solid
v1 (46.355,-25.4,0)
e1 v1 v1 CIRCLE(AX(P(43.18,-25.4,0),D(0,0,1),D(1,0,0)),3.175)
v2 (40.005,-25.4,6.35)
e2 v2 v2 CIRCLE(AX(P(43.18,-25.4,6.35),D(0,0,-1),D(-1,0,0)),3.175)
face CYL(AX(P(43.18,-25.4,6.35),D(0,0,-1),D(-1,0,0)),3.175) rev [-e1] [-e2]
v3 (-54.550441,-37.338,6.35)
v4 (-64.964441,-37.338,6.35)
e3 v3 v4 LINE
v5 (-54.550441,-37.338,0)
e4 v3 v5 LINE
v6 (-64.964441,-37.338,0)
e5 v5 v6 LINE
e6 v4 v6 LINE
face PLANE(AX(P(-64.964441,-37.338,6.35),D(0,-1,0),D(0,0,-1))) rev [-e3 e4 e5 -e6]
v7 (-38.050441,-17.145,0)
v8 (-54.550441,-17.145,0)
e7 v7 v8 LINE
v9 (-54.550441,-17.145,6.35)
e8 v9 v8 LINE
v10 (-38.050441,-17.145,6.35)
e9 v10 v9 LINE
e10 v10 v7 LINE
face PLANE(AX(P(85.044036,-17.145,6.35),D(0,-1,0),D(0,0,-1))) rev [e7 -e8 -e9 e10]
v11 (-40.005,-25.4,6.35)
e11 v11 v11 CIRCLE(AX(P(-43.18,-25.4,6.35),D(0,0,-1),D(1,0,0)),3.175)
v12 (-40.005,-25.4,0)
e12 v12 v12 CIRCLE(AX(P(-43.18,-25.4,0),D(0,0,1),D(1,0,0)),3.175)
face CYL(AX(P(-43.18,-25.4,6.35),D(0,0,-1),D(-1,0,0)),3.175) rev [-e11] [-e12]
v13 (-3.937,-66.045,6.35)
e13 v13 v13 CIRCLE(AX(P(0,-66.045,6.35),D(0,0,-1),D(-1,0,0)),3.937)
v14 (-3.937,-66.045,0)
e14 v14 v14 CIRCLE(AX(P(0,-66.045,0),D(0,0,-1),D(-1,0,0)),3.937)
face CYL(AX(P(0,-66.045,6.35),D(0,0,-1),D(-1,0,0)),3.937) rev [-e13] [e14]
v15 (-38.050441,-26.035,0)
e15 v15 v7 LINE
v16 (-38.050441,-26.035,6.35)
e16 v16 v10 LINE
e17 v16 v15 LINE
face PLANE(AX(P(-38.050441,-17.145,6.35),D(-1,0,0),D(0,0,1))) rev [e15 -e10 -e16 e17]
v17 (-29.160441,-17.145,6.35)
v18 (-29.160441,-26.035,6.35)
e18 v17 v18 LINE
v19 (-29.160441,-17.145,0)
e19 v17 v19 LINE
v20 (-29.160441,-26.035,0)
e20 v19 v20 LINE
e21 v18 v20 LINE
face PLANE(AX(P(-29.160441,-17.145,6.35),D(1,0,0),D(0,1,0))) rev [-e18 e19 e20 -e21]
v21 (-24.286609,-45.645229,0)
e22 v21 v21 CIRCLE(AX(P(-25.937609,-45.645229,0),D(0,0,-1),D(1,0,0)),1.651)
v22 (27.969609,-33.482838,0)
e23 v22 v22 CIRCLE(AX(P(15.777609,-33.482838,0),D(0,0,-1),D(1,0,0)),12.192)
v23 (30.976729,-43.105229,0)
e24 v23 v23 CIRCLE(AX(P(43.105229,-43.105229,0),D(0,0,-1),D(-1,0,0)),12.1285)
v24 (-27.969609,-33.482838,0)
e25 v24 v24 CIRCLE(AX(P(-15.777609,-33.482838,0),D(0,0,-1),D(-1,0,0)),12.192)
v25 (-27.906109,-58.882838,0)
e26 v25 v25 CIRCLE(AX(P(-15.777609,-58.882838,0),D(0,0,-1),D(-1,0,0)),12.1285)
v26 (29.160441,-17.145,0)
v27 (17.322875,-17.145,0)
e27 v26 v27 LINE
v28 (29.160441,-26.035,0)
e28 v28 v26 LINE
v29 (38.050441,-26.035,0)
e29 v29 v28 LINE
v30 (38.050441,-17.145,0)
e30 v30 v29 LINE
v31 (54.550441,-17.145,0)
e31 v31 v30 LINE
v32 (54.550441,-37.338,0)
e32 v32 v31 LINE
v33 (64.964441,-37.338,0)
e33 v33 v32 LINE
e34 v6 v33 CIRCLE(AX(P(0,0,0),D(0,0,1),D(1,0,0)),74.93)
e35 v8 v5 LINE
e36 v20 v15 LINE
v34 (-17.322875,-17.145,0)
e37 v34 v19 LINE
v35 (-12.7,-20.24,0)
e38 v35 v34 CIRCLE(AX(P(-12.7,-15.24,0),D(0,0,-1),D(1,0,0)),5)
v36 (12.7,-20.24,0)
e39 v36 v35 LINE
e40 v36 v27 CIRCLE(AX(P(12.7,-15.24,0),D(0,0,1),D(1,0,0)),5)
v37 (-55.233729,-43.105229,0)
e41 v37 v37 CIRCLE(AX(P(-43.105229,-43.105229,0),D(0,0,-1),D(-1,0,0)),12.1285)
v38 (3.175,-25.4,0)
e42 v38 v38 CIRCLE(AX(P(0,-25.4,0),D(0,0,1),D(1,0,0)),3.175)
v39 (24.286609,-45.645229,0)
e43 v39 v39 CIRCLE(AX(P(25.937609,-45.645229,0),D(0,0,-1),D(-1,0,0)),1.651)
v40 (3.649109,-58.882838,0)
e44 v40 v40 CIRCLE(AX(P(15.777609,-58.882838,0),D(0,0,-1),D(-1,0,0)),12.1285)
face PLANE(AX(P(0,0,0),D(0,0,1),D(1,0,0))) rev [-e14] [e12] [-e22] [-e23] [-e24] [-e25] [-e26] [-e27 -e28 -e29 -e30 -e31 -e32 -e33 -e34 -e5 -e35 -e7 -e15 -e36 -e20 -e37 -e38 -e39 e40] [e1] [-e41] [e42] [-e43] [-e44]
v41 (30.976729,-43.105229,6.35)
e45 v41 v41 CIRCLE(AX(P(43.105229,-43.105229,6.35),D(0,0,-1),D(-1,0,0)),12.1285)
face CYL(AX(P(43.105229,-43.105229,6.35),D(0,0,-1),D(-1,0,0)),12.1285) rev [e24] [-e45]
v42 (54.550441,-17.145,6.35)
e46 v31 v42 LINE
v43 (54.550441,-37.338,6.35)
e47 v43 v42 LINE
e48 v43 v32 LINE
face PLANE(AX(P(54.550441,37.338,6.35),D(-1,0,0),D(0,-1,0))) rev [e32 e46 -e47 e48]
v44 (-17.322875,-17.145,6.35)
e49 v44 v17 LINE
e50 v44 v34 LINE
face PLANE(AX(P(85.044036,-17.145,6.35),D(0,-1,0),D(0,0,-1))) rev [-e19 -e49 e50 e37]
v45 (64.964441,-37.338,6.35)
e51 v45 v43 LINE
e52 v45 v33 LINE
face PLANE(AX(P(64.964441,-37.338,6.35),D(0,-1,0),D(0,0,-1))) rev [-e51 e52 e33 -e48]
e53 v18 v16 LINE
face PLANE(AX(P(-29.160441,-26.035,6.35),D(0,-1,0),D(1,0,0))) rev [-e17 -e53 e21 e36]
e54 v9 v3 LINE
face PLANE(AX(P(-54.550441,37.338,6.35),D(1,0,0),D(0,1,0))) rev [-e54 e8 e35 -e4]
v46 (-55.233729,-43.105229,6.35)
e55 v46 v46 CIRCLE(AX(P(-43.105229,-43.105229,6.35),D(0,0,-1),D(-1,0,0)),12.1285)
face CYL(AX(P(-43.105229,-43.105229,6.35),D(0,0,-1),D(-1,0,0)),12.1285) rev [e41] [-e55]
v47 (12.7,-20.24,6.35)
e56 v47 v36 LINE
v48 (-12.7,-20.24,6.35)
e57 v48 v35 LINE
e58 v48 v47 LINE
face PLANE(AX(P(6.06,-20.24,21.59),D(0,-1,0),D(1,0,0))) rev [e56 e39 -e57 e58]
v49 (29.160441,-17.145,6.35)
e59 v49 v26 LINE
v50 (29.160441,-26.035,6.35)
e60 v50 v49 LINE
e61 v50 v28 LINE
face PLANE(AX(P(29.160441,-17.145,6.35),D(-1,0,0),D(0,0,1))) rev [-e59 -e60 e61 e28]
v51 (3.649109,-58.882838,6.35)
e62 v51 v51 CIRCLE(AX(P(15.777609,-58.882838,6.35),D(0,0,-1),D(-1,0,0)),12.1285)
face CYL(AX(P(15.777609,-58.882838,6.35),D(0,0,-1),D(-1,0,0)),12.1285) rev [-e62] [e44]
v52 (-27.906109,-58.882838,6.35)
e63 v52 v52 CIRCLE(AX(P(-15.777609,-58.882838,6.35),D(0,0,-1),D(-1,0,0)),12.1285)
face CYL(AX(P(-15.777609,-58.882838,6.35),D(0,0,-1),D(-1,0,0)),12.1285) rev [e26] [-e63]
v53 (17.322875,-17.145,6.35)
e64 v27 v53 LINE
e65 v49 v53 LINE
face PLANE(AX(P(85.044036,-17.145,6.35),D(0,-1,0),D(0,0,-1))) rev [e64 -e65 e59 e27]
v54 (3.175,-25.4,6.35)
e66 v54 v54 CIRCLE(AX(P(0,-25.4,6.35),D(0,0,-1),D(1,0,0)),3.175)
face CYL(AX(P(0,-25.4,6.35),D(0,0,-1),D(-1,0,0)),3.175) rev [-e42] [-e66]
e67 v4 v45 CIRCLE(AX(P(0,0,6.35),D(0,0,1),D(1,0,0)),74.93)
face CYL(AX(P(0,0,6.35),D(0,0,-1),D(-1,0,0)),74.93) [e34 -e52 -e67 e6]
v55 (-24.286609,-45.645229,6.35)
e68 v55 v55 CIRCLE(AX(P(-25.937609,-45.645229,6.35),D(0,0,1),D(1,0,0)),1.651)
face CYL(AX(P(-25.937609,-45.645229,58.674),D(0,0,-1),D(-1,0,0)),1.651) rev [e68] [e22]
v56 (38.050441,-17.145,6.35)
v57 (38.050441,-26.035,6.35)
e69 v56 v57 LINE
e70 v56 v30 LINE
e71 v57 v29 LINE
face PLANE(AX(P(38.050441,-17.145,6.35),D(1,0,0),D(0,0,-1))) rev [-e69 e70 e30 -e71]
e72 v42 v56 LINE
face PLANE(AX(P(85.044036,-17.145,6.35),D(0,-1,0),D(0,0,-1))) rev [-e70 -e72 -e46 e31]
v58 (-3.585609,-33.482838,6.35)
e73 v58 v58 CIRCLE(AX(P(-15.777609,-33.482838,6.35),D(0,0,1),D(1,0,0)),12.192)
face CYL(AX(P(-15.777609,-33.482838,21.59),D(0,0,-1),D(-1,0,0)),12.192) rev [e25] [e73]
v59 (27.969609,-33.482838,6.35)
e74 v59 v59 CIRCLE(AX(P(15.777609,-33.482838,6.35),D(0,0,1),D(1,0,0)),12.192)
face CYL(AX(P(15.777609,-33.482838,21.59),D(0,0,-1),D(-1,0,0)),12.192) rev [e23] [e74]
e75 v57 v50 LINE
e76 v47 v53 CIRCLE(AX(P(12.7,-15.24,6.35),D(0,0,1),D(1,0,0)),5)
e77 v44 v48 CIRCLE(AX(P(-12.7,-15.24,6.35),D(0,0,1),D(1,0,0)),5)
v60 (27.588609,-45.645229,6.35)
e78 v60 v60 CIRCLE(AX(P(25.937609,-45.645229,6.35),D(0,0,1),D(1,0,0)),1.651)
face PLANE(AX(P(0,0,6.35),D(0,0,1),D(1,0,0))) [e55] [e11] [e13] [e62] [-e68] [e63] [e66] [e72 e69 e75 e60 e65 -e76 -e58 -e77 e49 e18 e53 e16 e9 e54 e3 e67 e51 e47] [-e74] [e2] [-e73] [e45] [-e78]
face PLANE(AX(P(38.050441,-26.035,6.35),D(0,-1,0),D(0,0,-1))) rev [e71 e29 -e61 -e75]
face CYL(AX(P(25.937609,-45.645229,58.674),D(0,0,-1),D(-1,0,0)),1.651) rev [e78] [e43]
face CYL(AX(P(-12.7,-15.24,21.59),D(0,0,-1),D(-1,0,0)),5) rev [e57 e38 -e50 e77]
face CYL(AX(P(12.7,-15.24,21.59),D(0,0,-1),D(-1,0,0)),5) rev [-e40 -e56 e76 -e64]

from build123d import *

# Parameters (mm, degrees)
SKETCH1_R           = 1.651
BOSS_EXTRUDE2_DEPTH = 6.35
SKETCH2_R           = 1.143
CUT_EXTRUDE1_DEPTH  = 7.35
SKETCH3_R           = 12.1285
CUT_EXTRUDE2_DEPTH  = 7.35
SKETCH4_W           = 28.562713242
SKETCH4_H           = 11.677503754
BOSS_EXTRUDE3_DEPTH = 6.35
SKETCH5_W           = 216.7214489
SKETCH5_H           = 130.569220634
CUT_EXTRUDE4_DEPTH  = 7.35
SKETCH11_R          = 3.937
CUT_EXTRUDE11_DEPTH = 7.35
SKETCH12_W          = 8.89
SKETCH12_H          = 8.89
CUT_EXTRUDE12_DEPTH = 7.35
SKETCH14_R          = 3.175
CUT_EXTRUDE14_DEPTH = 45.45
CUT_EXTRUDE15_DEPTH = 21.59
SKETCH16_R          = 12.192
CUT_EXTRUDE16_DEPTH = 21.59
SKETCH57_R          = 1.651
CUT_EXTRUDE57_DEPTH = 58.674


with BuildPart() as part:
    # Sketch1 → Boss-Extrude2 (new body)
    with BuildSketch(Plane.XY):
        with BuildLine():
            Line((-64.964441474, 37.338), (-54.550441474, 37.338))
            Line((-54.550441474, 37.338), (-54.550441474, -37.338))
            Line((-54.550441474, -37.338), (-64.964441474, -37.338))
            ThreePointArc((-64.964441474, -37.338), (0, -74.93), (64.964441474, -37.338))
            Line((64.964441474, -37.338), (54.550441474, -37.338))
            Line((54.550441474, -37.338), (54.550441474, 37.338))
            Line((54.550441474, 37.338), (64.964441474, 37.338))
            ThreePointArc((64.964441474, 37.338), (0, 74.93), (-64.964441474, 37.338))
        make_face()
        with Locations((-46.482, 11.049)):
            Circle(SKETCH1_R, mode=Mode.SUBTRACT)
        with Locations((-21.083270032, 10.795)):
            Circle(SKETCH1_R, mode=Mode.SUBTRACT)
        with Locations((-21.083270032, -10.795)):
            Circle(SKETCH1_R, mode=Mode.SUBTRACT)
        with Locations((-46.482, -11.049)):
            Circle(SKETCH1_R, mode=Mode.SUBTRACT)
        with Locations((46.482, -11.049)):
            Circle(SKETCH1_R, mode=Mode.SUBTRACT)
        with Locations((21.083270032, -10.795)):
            Circle(SKETCH1_R, mode=Mode.SUBTRACT)
        with Locations((21.083270032, 10.795)):
            Circle(SKETCH1_R, mode=Mode.SUBTRACT)
        with Locations((46.482, 11.049)):
            Circle(SKETCH1_R, mode=Mode.SUBTRACT)
    extrude(amount=BOSS_EXTRUDE2_DEPTH)

    # Sketch2 → Cut-Extrude1 (cut, through all)
    with BuildSketch(Plane.XY.offset(6.35)):
        with Locations((-6.731, 62.23)):
            Circle(SKETCH2_R)
        with Locations((6.731, 62.23)):
            Circle(SKETCH2_R)
    extrude(amount=-CUT_EXTRUDE1_DEPTH, mode=Mode.SUBTRACT)

    # Sketch3 → Cut-Extrude2 (cut, through all)
    with BuildSketch(Plane(origin=(0, 0, 0), x_dir=(-1, 0, 0), z_dir=(0, 0, -1))):
        with Locations((-15.777608989, -58.882838371)):
            Circle(SKETCH3_R)
        with Locations((15.777608989, -58.882838371)):
            Circle(SKETCH3_R)
        with Locations((-43.105229381, -43.105229381)):
            Circle(SKETCH3_R)
        with Locations((-43.105229381, 43.105229381)):
            Circle(SKETCH3_R)
        with Locations((43.105229381, 43.105229381)):
            Circle(SKETCH3_R)
        with Locations((43.105229381, -43.105229381)):
            Circle(SKETCH3_R)
    extrude(amount=-CUT_EXTRUDE2_DEPTH, mode=Mode.SUBTRACT)

    # Sketch4 → Boss-Extrude3 (add)
    with BuildSketch(Plane(origin=(0, 0, 0), x_dir=(-1, 0, 0), z_dir=(0, 0, -1))):
        with Locations((-1.488809975, 62.152540216)):
            Rectangle(SKETCH4_W, SKETCH4_H)
    extrude(amount=-BOSS_EXTRUDE3_DEPTH)

    # Sketch5 → Cut-Extrude4 (cut, through all)
    with BuildSketch(Plane(origin=(0, 0, 0), x_dir=(-1, 0, 0), z_dir=(0, 0, -1))):
        with Locations((23.316688373, 48.139610317)):
            Rectangle(SKETCH5_W, SKETCH5_H)
    extrude(amount=-CUT_EXTRUDE4_DEPTH, mode=Mode.SUBTRACT)

    # Sketch11 → Cut-Extrude11 (cut, through all)
    with BuildSketch(Plane(origin=(0, 0, 0), x_dir=(-1, 0, 0), z_dir=(0, 0, -1))):
        with Locations((0, -66.045)):
            Circle(SKETCH11_R)
    extrude(amount=-CUT_EXTRUDE11_DEPTH, mode=Mode.SUBTRACT)

    # Sketch12 → Cut-Extrude12 (cut, through all)
    with BuildSketch(Plane(origin=(0, 0, 0), x_dir=(-1, 0, 0), z_dir=(0, 0, -1))):
        with Locations((-33.605441474, -21.59)):
            Rectangle(SKETCH12_W, SKETCH12_H)
        with Locations((33.605441474, -21.59)):
            Rectangle(SKETCH12_W, SKETCH12_H)
    extrude(amount=-CUT_EXTRUDE12_DEPTH, mode=Mode.SUBTRACT)

    # Sketch14 → Cut-Extrude14 (cut, through all)
    with BuildSketch(Plane(origin=(30.092005081, 4.08352975, -38.1), x_dir=(-1, 0, 0), z_dir=(0, 0, -1))):
        with Locations((73.272005081, -29.48352975)):
            Circle(SKETCH14_R)
        with Locations((30.092005081, -29.48352975)):
            Circle(SKETCH14_R)
        with Locations((-13.087994919, -29.48352975)):
            Circle(SKETCH14_R)
    extrude(amount=-CUT_EXTRUDE14_DEPTH, mode=Mode.SUBTRACT)

    # Sketch15 → Cut-Extrude15 (cut)
    with BuildSketch(Plane(origin=(0, 0, 0), x_dir=(-1, 0, 0), z_dir=(0, 0, -1))):
        with BuildLine():
            Line((-12.7, -20.24), (-6.06, -20.24))
            Line((-6.06, -20.24), (12.7, -20.24))
            ThreePointArc((12.7, -20.24), (16.235533906, -11.704466094), (7.7, -15.24))
            Line((7.7, -15.24), (-1.06, -15.24))
            ThreePointArc((-1.06, -15.24), (-4.010609847, -10.6792983), (-9.38, -11.501337137))
            ThreePointArc((-9.38, -11.501337137), (-17.374040774, -13.464234575), (-12.7, -20.24))
        make_face()
    extrude(amount=-CUT_EXTRUDE15_DEPTH, mode=Mode.SUBTRACT)

    # Sketch16 → Cut-Extrude16 (cut)
    with BuildSketch(Plane(origin=(0, 0, 0), x_dir=(-1, 0, 0), z_dir=(0, 0, -1))):
        with Locations((15.777608989, -33.482838371)):
            Circle(SKETCH16_R)
        with Locations((-15.777608989, -33.482838371)):
            Circle(SKETCH16_R)
    extrude(amount=-CUT_EXTRUDE16_DEPTH, mode=Mode.SUBTRACT)

    # Sketch57 → Cut-Extrude57 (cut)
    with BuildSketch(Plane(origin=(0, 0, 0), x_dir=(-1, 0, 0), z_dir=(0, 0, -1))):
        with Locations((-25.937608989, -45.645229381)):
            Circle(SKETCH57_R)
        with Locations((25.937608989, -45.645229381)):
            Circle(SKETCH57_R)
    extrude(amount=-CUT_EXTRUDE57_DEPTH, mode=Mode.SUBTRACT)


solid = part.part
